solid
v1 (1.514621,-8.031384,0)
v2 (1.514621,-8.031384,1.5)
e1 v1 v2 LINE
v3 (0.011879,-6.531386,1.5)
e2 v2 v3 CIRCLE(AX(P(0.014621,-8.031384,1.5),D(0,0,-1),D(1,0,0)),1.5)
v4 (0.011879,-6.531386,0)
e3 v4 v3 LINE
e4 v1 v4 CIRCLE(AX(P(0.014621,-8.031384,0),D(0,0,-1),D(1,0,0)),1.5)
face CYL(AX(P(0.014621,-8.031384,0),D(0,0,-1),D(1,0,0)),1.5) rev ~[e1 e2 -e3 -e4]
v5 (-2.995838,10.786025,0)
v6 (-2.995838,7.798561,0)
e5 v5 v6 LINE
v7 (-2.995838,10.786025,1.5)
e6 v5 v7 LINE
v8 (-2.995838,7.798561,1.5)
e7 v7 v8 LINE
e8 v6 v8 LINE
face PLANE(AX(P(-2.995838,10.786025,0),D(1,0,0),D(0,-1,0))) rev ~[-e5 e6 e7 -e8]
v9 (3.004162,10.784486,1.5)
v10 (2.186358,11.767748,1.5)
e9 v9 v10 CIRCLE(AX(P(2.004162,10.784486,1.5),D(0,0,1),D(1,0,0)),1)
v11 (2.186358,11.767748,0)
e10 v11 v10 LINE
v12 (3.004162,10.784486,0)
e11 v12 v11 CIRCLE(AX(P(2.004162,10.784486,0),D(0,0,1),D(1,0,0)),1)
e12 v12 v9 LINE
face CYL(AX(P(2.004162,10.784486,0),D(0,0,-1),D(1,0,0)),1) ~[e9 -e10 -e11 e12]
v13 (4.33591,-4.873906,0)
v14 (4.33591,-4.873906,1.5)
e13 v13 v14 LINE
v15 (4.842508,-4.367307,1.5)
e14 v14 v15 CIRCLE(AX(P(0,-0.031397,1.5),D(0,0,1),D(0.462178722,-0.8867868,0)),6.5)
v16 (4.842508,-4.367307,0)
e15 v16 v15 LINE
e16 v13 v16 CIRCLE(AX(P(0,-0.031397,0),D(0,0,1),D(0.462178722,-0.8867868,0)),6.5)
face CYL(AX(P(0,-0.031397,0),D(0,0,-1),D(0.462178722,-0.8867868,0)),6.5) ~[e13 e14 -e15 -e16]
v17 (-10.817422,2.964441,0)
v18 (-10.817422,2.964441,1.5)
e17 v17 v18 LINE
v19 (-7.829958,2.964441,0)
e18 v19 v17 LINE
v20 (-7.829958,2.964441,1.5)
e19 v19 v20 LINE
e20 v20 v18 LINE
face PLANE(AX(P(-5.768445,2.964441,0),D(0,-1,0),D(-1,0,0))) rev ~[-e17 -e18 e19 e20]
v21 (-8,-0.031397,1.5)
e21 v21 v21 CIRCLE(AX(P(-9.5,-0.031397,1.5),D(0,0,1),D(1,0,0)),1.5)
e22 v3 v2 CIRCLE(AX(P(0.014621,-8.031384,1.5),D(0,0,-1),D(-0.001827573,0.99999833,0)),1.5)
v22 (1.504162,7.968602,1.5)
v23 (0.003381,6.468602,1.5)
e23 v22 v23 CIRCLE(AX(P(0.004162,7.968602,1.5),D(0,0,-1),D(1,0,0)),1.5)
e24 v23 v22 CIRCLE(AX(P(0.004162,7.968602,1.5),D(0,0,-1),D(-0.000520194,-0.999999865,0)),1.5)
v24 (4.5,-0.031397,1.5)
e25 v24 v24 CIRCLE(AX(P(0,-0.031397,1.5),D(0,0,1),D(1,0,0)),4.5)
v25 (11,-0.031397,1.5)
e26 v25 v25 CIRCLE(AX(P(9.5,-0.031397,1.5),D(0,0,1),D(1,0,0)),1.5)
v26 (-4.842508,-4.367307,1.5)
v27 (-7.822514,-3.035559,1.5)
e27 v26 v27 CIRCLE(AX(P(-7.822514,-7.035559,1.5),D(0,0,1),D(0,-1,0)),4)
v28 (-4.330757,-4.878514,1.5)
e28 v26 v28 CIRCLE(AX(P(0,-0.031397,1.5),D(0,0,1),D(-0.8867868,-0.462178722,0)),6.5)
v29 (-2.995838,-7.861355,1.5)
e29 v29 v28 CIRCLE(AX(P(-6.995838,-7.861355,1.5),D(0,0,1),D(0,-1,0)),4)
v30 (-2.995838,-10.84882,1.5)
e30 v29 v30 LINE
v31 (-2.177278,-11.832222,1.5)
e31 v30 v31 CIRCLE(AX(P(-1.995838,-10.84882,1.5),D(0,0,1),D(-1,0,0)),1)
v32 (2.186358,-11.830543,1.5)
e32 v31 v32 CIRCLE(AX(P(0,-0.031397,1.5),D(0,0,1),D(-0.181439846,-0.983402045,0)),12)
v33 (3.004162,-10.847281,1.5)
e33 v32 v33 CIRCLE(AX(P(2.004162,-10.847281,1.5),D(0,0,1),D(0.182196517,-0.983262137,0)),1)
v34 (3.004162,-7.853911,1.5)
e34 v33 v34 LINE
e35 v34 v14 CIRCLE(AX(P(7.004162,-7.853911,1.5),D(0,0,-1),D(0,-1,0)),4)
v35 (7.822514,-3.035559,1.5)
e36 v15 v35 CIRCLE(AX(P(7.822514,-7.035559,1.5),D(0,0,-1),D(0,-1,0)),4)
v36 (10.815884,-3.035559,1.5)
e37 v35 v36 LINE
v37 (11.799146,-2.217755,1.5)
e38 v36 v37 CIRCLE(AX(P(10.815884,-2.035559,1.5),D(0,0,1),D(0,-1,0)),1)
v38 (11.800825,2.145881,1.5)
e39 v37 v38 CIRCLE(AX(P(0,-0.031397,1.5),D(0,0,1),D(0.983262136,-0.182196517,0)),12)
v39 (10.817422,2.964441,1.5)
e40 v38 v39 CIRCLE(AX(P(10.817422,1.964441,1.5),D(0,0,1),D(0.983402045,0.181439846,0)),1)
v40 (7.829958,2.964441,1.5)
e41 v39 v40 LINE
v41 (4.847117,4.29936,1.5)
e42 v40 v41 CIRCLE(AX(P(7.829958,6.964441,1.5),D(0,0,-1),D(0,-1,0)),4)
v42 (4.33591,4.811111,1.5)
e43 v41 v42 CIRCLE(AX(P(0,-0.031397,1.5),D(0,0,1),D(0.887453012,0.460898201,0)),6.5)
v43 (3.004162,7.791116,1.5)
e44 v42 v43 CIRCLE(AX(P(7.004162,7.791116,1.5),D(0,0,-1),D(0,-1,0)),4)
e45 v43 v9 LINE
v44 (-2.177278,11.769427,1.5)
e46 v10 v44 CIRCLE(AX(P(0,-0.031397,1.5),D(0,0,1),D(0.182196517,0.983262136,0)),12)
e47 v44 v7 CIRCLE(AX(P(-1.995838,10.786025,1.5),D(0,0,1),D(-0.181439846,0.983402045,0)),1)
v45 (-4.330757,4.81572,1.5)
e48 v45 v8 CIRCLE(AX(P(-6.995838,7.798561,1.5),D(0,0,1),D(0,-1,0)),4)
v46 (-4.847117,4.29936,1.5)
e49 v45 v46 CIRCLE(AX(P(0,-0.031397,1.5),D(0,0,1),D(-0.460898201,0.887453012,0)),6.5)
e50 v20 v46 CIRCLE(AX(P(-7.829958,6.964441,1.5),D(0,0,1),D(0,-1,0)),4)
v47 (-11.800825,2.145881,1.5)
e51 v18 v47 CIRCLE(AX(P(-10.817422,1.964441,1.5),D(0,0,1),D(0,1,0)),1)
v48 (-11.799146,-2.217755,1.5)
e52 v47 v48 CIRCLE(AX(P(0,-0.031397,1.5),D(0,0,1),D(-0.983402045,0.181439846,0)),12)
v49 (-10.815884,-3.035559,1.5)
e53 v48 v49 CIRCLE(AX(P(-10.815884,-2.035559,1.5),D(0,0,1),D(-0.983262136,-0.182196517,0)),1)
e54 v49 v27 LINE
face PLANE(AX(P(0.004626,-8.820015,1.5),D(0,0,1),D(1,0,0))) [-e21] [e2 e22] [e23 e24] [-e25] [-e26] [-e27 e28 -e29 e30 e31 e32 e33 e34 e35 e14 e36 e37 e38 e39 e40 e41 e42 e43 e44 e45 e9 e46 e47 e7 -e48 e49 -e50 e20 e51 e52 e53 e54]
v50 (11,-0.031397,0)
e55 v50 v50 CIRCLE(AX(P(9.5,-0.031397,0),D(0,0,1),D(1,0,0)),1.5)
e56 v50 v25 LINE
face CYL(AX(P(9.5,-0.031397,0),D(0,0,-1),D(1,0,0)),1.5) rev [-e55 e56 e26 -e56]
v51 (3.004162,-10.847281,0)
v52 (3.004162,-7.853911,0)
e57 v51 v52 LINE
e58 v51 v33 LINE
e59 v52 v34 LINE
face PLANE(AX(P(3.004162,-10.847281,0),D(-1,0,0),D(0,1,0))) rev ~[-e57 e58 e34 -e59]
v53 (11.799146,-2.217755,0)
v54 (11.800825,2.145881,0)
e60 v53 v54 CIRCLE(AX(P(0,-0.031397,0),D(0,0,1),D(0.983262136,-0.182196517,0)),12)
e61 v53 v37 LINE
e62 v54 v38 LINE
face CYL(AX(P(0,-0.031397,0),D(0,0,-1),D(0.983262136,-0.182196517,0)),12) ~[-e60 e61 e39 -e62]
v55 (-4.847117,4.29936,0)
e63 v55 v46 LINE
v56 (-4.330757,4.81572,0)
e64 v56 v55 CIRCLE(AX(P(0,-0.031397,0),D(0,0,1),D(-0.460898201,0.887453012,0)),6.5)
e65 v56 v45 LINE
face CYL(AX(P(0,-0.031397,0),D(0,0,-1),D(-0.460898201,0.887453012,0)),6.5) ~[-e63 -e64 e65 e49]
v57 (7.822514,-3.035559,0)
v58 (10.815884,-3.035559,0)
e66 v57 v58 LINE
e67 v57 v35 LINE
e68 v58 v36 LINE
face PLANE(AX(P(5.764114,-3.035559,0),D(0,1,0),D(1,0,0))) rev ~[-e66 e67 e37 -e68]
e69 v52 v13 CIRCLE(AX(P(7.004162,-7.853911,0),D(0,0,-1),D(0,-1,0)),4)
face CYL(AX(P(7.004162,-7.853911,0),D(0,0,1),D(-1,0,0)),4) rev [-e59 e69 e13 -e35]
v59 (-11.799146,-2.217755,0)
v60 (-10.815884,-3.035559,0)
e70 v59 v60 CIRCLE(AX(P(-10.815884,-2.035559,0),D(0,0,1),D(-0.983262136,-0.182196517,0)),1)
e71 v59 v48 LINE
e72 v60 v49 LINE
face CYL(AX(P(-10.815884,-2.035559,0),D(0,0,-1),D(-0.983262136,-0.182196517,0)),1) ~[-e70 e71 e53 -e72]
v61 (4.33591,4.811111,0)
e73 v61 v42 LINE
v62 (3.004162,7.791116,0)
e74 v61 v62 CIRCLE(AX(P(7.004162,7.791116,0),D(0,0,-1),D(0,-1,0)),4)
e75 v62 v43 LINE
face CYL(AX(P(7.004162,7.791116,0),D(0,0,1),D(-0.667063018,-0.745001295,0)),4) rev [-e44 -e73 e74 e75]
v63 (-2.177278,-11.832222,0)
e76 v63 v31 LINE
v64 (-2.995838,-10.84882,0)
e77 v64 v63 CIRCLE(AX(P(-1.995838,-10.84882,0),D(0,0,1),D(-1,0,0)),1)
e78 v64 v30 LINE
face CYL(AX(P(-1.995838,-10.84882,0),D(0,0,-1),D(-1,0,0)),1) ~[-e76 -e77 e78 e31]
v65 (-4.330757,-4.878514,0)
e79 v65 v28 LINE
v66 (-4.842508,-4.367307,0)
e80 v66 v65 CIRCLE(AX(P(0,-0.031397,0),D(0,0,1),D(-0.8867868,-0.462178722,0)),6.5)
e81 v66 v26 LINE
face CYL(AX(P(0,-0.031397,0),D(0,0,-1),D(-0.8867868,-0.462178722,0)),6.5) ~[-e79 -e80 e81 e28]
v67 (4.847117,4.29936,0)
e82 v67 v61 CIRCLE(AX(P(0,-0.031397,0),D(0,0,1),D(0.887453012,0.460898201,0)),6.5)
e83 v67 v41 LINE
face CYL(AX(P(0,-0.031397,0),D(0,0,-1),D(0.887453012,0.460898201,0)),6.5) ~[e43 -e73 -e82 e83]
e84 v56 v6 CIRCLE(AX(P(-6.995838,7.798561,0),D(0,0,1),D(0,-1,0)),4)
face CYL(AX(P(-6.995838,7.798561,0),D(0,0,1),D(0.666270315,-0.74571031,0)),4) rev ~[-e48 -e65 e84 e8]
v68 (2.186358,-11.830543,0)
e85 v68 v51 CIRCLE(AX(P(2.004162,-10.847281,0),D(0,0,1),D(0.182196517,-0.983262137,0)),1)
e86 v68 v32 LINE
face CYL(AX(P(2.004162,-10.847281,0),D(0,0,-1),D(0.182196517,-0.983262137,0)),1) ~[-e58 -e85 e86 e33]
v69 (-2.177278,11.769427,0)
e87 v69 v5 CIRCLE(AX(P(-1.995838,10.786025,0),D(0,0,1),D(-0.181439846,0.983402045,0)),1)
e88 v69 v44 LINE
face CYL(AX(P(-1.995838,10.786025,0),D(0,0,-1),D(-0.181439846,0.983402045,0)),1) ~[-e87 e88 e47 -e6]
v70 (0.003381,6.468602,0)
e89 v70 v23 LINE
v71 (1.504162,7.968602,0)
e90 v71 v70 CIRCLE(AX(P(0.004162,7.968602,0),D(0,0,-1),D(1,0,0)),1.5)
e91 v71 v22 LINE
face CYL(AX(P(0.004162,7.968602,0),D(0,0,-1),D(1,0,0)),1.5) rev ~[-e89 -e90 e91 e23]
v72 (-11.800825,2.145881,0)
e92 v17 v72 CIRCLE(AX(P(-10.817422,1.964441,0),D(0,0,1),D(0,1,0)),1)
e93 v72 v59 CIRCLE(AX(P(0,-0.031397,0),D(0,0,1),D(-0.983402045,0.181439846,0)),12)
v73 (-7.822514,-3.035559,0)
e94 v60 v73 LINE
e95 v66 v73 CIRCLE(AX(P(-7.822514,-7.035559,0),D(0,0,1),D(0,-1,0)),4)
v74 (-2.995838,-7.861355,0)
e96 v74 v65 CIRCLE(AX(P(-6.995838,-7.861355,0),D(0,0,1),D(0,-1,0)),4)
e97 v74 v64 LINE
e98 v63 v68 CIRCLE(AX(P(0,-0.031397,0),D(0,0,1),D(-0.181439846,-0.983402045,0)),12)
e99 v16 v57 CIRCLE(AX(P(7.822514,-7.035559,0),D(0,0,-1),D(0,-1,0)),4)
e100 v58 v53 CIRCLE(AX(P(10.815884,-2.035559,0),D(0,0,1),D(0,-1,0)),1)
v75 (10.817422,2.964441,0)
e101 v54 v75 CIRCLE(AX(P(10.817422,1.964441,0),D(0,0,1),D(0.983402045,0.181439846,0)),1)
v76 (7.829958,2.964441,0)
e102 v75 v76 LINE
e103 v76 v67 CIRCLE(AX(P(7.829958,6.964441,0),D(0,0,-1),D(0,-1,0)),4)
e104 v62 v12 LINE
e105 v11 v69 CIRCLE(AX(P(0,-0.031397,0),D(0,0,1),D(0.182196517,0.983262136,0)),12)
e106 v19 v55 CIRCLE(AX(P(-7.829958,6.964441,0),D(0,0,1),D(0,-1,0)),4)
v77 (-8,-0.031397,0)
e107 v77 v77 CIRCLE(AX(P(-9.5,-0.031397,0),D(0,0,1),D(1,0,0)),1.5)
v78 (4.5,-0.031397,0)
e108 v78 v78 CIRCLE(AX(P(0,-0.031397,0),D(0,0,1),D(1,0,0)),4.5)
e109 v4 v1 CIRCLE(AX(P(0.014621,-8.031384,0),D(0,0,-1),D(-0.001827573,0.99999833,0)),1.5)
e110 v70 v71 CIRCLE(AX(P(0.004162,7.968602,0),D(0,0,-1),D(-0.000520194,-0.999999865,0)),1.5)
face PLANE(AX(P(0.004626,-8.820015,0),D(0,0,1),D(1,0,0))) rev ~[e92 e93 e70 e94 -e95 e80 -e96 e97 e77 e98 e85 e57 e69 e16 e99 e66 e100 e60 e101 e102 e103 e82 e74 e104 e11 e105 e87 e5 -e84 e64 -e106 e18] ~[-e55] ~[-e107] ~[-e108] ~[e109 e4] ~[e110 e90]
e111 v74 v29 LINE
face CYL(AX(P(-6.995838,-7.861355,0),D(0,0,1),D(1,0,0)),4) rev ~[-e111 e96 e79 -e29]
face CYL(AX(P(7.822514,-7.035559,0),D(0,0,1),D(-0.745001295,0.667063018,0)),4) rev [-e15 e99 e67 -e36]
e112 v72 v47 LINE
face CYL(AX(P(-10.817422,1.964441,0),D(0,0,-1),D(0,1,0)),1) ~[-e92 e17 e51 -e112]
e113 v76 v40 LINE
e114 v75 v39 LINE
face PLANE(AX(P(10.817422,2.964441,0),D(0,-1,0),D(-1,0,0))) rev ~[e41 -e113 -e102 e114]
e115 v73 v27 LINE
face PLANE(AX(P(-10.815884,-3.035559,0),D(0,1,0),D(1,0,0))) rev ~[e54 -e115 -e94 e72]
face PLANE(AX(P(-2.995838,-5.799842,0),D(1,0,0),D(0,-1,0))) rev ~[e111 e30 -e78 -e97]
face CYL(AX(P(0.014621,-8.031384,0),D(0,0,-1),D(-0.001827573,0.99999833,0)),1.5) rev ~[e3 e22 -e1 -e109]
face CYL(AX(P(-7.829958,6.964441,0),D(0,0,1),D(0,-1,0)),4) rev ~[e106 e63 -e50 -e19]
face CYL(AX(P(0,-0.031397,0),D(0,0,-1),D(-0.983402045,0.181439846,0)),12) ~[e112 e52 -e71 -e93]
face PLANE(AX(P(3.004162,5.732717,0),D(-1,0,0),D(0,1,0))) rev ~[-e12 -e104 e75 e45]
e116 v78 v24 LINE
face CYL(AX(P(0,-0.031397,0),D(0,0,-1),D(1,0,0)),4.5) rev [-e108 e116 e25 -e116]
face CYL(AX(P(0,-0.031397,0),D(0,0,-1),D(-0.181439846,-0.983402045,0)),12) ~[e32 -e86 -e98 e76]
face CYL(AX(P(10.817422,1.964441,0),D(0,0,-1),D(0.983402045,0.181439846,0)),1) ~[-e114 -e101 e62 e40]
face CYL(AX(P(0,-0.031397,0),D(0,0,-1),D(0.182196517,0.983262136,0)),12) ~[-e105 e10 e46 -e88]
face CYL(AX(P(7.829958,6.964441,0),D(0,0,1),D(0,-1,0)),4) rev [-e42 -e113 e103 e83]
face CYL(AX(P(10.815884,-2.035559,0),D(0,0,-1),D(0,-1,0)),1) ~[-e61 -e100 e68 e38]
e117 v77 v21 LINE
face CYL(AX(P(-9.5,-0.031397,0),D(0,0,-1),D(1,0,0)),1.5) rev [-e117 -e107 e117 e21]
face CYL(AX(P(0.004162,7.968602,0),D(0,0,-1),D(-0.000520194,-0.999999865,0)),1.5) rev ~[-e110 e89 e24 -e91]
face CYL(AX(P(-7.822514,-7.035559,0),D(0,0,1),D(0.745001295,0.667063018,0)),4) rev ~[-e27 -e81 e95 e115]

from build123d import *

# Parameters (mm, degrees)
F0_R     = 4.5
F0_R_2   = 1.5
F1_DEPTH = 1.5
F2_R     = 4


with BuildPart() as f1:
    # F0 (on Top) → F1 (new body)
    with BuildSketch(Plane.XY):
        with BuildLine():
            ThreePointArc((3.004161691, -5.7955113904), (1.5522577141, -6.3433300134), (0.0118794416, -6.5313863328))
            ThreePointArc((0.0118794416, -6.5313863328), (-1.5361614481, -6.3472667251), (-2.995838309, -5.7998417643))
            Line((-2.995838309, -5.7998417643), (-2.995838309, -10.8488196837))
            ThreePointArc((-2.995838309, -10.8488196837), (-2.764421371, -11.4885696949), (-2.1772781553, -11.8322217287))
            ThreePointArc((-2.1772781553, -11.8322217287), (0.0046169816, -12.0313963001), (2.1863582083, -11.8305428262))
            ThreePointArc((2.1863582083, -11.8305428262), (2.7729908389, -11.4867349425), (3.004161691, -10.8472806897))
            Line((3.004161691, -10.8472806897), (3.004161691, -5.7955113904))
        make_face()
        with BuildLine():
            ThreePointArc((0.0118794416, -6.5313863328), (1.0743113125, -6.9697548816), (1.5146208008, -8.0313838278))
            ThreePointArc((1.5146208008, -8.0313838278), (-1.0450697109, -9.093012774), (0.0118794416, -6.5313863328))
        make_face(mode=Mode.SUBTRACT)
        with BuildLine():
            ThreePointArc((-2.995838309, -5.7998417643), (-1.5361614481, -6.3472667251), (0.0118794416, -6.5313863328))
            ThreePointArc((0.0118794416, -6.5313863328), (1.5522577141, -6.3433300134), (3.004161691, -5.7955113904))
            ThreePointArc((3.004161691, -5.7955113904), (4.5961940777, -4.627591266), (5.7641142021, -3.0355588793))
            ThreePointArc((5.7641142021, -3.0355588793), (6.3133486484, -1.5778863875), (6.5, -0.0313971883))
            ThreePointArc((6.5, -0.0313971883), (6.3144631499, 1.5105350826), (5.768444576, 2.9644411207))
            ThreePointArc((5.768444576, 2.9644411207), (4.5995100863, 4.5614784867), (3.004161691, 5.7327170138))
            ThreePointArc((3.004161691, 5.7327170138), (1.5481312977, 6.2815489928), (0.0033814005, 6.4686019322))
            ThreePointArc((0.0033814005, 6.4686019322), (-1.540289778, 6.2834668165), (-2.995838309, 5.7370473877))
            ThreePointArc((-2.995838309, 5.7370473877), (-4.5961940777, 4.5647968894), (-5.768444576, 2.9644411207))
            ThreePointArc((-5.768444576, 2.9644411207), (-6.4999983071, -0.0360884255), (-5.7641142021, -3.0355588793))
            ThreePointArc((-5.7641142021, -3.0355588793), (-4.592875675, -4.6309072746), (-2.995838309, -5.7998417643))
        make_face()
        with Locations((0, -0.0313971883)):
            Circle(F0_R, mode=Mode.SUBTRACT)
        with BuildLine():
            Line((-10.8158835014, -3.0355588793), (-5.7641142021, -3.0355588793))
            ThreePointArc((-5.7641142021, -3.0355588793), (-6.4999983071, -0.0360884255), (-5.768444576, 2.9644411207))
            Line((-5.768444576, 2.9644411207), (-10.8174224954, 2.9644411207))
            ThreePointArc((-10.8174224954, 2.9644411207), (-11.4571725066, 2.7330241827), (-11.8008245404, 2.145880967))
            ThreePointArc((-11.8008245404, 2.145880967), (-11.9999991118, -0.0360141699), (-11.7991456379, -2.2177553966))
            ThreePointArc((-11.7991456379, -2.2177553966), (-11.4553377541, -2.8043880272), (-10.8158835014, -3.0355588793))
        make_face()
        with Locations((-9.5, -0.0313971883)):
            Circle(F0_R_2, mode=Mode.SUBTRACT)
        with BuildLine():
            ThreePointArc((6.5, -0.0313971883), (6.3133486484, -1.5778863875), (5.7641142021, -3.0355588793))
            Line((5.7641142021, -3.0355588793), (10.8158835014, -3.0355588793))
            ThreePointArc((10.8158835014, -3.0355588793), (11.4553377541, -2.8043880272), (11.7991456379, -2.2177553966))
            ThreePointArc((11.7991456379, -2.2177553966), (11.9999991118, -0.0360141699), (11.8008245404, 2.145880967))
            ThreePointArc((11.8008245404, 2.145880967), (11.4571725066, 2.7330241827), (10.8174224954, 2.9644411207))
            Line((10.8174224954, 2.9644411207), (5.768444576, 2.9644411207))
            ThreePointArc((5.768444576, 2.9644411207), (6.3144631499, 1.5105350826), (6.5, -0.0313971883))
        make_face()
        with Locations((9.5, -0.0313971883)):
            Circle(F0_R_2, mode=Mode.SUBTRACT)
        with BuildLine():
            Line((-2.995838309, 10.7860253071), (-2.995838309, 5.7370473877))
            ThreePointArc((-2.995838309, 5.7370473877), (-1.540289778, 6.2834668165), (0.0033814005, 6.4686019322))
            ThreePointArc((0.0033814005, 6.4686019322), (1.5481312977, 6.2815489928), (3.004161691, 5.7327170138))
            Line((3.004161691, 5.7327170138), (3.004161691, 10.7844863131))
            ThreePointArc((3.004161691, 10.7844863131), (2.7729908389, 11.4239405658), (2.1863582083, 11.7677484496))
            ThreePointArc((2.1863582083, 11.7677484496), (0.0046169816, 11.9686019235), (-2.1772781553, 11.7694273521))
            ThreePointArc((-2.1772781553, 11.7694273521), (-2.764421371, 11.4257753183), (-2.995838309, 10.7860253071))
        make_face()
        with BuildLine():
            ThreePointArc((1.504161691, 7.9686017292), (1.0645459525, 6.907665719), (0.0033814005, 6.4686019322))
            ThreePointArc((0.0033814005, 6.4686019322), (-1.0562225706, 9.0295377395), (1.504161691, 7.9686017292))
        make_face(mode=Mode.SUBTRACT)
    extrude(amount=F1_DEPTH)

    # F2
    f2_edges = [f1.edges().sort_by_distance(p)[0] for p in [
        (-5.764114, -3.035559, 0.75),
        (-2.995838, -5.799842, 0.75),
        (3.004162, 5.732717, 0.75),
        (5.768445, 2.964441, 0.75),
        (5.764114, -3.035559, 0.75),
        (3.004162, -5.795511, 0.75),
        (-2.995838, 5.737047, 0.75),
        (-5.768445, 2.964441, 0.75),
    ]]
    fillet(f2_edges, radius=F2_R)


solid = f1.part
